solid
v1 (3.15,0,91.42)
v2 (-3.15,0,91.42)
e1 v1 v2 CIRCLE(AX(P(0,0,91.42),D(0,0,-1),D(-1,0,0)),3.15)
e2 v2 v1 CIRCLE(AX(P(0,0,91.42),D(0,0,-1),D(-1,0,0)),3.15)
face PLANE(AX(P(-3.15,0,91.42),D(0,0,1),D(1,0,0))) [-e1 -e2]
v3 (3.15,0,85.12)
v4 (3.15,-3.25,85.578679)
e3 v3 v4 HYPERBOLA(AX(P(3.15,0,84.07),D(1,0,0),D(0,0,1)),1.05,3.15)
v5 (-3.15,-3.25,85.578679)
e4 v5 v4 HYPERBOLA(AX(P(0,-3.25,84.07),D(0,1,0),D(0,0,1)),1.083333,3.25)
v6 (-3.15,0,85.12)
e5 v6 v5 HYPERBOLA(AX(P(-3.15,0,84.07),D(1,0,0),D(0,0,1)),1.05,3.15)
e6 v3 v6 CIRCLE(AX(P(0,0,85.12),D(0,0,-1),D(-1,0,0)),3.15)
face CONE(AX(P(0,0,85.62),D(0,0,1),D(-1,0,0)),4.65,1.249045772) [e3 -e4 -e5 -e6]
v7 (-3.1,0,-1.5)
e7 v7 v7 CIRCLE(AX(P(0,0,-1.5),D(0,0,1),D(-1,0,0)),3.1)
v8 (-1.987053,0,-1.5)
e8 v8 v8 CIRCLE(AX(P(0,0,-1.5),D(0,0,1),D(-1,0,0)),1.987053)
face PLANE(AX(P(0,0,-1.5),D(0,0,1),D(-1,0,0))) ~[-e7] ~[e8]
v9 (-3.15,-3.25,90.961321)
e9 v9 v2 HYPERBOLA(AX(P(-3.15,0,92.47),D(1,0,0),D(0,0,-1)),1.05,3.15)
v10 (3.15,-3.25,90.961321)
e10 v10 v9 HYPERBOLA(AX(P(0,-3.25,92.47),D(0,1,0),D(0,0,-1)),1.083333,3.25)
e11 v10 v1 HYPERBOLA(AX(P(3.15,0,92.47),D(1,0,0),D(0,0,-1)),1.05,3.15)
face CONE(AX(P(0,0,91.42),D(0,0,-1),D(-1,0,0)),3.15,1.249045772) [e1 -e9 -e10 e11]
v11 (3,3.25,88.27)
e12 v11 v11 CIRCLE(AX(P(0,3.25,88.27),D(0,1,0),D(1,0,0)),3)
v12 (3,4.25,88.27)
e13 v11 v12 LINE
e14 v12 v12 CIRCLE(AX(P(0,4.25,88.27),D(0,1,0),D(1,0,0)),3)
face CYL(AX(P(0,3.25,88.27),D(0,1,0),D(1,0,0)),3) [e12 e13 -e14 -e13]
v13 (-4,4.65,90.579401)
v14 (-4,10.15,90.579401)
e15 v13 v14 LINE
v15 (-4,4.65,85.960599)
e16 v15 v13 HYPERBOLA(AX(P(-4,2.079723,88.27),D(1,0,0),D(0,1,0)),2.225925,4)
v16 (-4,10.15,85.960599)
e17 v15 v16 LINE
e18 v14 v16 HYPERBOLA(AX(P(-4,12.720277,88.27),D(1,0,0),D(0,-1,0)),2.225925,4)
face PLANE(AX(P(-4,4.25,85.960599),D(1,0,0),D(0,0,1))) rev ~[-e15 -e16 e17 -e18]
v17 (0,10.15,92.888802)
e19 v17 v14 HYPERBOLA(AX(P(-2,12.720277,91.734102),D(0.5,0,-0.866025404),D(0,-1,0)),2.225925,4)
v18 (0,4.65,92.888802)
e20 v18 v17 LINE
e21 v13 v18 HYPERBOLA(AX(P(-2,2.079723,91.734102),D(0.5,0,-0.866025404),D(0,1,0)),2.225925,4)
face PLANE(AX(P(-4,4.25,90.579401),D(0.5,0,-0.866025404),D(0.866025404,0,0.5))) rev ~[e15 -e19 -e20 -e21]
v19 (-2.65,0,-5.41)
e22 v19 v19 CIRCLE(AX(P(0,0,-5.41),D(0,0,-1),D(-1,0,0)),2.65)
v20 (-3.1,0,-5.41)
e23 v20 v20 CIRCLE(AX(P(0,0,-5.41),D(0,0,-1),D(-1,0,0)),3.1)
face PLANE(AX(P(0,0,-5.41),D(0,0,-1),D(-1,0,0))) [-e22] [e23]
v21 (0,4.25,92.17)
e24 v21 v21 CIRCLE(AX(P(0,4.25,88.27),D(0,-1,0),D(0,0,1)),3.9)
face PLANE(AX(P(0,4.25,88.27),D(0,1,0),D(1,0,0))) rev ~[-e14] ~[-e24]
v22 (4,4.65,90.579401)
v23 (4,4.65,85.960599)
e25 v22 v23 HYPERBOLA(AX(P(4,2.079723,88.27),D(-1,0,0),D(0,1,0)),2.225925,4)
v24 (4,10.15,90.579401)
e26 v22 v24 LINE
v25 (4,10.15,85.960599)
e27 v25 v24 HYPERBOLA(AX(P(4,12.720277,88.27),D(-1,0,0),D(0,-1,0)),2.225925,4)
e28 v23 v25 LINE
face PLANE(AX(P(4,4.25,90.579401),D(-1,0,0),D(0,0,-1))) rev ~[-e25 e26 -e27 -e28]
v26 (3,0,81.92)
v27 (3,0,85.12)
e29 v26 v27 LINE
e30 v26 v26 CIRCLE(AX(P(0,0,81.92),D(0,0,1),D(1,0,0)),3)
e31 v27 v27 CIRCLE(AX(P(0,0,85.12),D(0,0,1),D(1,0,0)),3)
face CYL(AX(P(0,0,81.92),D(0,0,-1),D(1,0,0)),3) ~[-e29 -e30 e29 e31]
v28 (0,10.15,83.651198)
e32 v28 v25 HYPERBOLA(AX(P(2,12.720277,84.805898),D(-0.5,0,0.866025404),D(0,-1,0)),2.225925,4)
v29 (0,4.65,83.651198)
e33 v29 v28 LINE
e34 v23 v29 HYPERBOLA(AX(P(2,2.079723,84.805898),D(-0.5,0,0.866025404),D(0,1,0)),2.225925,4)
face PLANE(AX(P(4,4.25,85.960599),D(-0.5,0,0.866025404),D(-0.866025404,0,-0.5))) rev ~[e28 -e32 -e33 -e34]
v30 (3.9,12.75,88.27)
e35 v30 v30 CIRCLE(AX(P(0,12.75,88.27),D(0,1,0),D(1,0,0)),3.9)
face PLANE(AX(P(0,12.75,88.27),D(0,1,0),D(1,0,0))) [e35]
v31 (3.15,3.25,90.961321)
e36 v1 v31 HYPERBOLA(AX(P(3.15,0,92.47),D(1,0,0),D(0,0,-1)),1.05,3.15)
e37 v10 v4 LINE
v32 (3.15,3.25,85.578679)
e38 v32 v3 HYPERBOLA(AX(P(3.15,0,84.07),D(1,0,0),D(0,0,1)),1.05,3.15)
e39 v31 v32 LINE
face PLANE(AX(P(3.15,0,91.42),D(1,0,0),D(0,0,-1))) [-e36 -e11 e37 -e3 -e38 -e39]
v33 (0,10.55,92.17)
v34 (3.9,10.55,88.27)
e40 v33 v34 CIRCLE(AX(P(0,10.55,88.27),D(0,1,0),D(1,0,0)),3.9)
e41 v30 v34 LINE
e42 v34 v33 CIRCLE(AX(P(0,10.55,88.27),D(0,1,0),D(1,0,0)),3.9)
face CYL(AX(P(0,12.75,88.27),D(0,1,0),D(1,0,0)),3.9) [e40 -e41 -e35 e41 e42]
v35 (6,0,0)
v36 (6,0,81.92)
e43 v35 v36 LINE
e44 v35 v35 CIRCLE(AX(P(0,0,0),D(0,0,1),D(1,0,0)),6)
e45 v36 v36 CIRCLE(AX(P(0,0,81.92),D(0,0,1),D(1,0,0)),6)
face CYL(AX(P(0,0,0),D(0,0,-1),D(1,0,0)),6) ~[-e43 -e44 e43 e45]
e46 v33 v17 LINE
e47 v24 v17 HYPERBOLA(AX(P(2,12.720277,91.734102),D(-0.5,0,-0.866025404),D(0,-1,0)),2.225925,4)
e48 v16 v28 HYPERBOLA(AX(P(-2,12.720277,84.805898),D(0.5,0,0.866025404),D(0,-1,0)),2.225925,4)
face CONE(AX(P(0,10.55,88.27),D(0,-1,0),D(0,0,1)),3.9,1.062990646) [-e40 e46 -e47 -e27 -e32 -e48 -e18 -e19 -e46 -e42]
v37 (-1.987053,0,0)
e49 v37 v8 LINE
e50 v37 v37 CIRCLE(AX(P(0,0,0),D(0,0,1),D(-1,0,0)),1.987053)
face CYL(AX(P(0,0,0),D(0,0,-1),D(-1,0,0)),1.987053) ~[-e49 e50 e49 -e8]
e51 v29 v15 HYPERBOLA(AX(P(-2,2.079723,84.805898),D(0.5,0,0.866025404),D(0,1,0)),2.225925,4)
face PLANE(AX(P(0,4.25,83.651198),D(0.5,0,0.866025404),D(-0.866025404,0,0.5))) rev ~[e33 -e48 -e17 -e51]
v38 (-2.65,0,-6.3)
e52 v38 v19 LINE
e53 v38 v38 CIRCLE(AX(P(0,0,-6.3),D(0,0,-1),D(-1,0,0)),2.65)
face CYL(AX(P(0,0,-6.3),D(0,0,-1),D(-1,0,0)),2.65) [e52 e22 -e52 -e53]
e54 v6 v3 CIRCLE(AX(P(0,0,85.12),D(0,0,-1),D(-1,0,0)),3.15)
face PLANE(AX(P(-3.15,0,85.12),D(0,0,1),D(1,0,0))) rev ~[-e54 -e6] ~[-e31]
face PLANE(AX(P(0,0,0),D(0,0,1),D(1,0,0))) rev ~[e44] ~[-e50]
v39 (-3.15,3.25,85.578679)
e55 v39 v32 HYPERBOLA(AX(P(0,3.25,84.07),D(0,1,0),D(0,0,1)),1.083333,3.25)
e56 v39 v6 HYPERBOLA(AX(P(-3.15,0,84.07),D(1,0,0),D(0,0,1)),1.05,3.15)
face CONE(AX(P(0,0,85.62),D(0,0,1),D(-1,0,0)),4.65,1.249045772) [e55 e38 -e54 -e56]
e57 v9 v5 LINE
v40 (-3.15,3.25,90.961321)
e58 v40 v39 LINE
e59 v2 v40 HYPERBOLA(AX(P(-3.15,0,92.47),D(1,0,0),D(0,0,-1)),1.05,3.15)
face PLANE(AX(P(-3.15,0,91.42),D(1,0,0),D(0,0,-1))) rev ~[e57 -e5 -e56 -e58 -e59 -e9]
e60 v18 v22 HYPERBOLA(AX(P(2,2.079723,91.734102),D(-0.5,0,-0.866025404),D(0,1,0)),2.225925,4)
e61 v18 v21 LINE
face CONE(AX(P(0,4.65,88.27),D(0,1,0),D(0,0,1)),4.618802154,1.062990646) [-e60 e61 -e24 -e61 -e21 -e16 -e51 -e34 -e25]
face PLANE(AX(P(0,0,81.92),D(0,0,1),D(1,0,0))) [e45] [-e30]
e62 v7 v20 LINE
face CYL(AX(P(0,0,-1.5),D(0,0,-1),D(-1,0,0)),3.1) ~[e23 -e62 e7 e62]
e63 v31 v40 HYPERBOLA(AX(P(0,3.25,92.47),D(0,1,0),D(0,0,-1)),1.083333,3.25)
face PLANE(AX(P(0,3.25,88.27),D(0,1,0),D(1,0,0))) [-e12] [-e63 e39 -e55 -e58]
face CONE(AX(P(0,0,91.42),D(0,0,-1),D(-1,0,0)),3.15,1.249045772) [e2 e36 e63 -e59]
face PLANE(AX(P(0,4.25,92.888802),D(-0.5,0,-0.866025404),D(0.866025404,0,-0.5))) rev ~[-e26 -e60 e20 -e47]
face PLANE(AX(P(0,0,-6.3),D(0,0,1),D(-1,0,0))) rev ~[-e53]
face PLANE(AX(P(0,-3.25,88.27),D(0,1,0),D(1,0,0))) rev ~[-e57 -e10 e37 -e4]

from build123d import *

# Parameters (mm, degrees)
SKETCH1_R           = 6
BOSS_EXTRUDE1_DEPTH = 81.92
SKETCH3_R           = 3
BOSS_EXTRUDE2_DEPTH = 3.2
SKETCH4_W           = 6.3
SKETCH4_H           = 6.3
BOSS_EXTRUDE3_DEPTH = 3.25
SKETCH10_R          = 3
BOSS_EXTRUDE6_DEPTH = 1
BOSS_EXTRUDE7_DEPTH = 8.5
SKETCH12_R          = 5.645731703
SKETCH12_R_2        = 3.9
CUT_EXTRUDE2_DEPTH  = 2.2
SKETCH14_R          = 3.959834879
SKETCH14_R_2        = 2.65
CUT_EXTRUDE3_DEPTH  = 0.89


with BuildPart() as part:
    # Sketch1 → Boss-Extrude1 (new body)
    with BuildSketch(Plane.XY):
        Circle(SKETCH1_R)
    extrude(amount=BOSS_EXTRUDE1_DEPTH)

    # Sketch2 → Revolve1 (revolve)
    with BuildSketch(Plane(origin=(0, 0, 0), x_dir=(1, 0, 0), z_dir=(0, 1, 0))):
        Polygon((-1.987053294, 0), (-1.987053294, 1.5), (-3.1, 1.5), (-3.1, 6.3), (0, 6.3), (0, 0), align=None)
    revolve(axis=Axis((0, 0, 88.862708705), (0, 0, 1)))

    # Sketch3 → Boss-Extrude2 (add)
    with BuildSketch(Plane.XY.offset(81.92)):
        Circle(SKETCH3_R)
    extrude(amount=BOSS_EXTRUDE2_DEPTH)

    # Sketch4 → Boss-Extrude3 (add, symmetric)
    with BuildSketch(Plane(origin=(0, 0, 0), x_dir=(1, 0, 0), z_dir=(0, 1, 0))):
        with Locations((0, -88.27)):
            Rectangle(SKETCH4_W, SKETCH4_H)
    extrude(amount=BOSS_EXTRUDE3_DEPTH, both=True)

    # Sketch9 → Cut-Revolve3 (revolve, cut)
    with BuildSketch(Plane(origin=(0, 0, 0), x_dir=(1, 0, 0), z_dir=(0, 1, 0))):
        Polygon((-3.15, -91.42), (-4.65, -90.92), (-4.65, -91.42), align=None)
        Polygon((-3.15, -85.12), (-4.65, -85.12), (-4.65, -85.62), align=None)
    revolve(axis=Axis((0, 0, 97.04036036), (0, 0, -1)), mode=Mode.SUBTRACT)

    # Sketch10 → Boss-Extrude6 (add, symmetric)
    with BuildSketch(Plane(origin=(0, 3.25, 0), x_dir=(1, 0, 0), z_dir=(0, 1, 0))):
        with Locations((0, -88.27)):
            Circle(SKETCH10_R)
    extrude(amount=BOSS_EXTRUDE6_DEPTH, both=True)

    # Sketch11 → Boss-Extrude7 (add)
    with BuildSketch(Plane(origin=(0, 4.25, 0), x_dir=(1, 0, 0), z_dir=(0, 1, 0))):
        Polygon((0, -83.651197846), (-4, -85.960598923), (-4, -90.579401077), (0, -92.888802154), (4, -90.579401077), (4, -85.960598923), align=None)
    extrude(amount=BOSS_EXTRUDE7_DEPTH)

    # Sketch12 → Cut-Extrude2 (cut)
    with BuildSketch(Plane(origin=(0, 12.75, 0), x_dir=(1, 0, 0), z_dir=(0, 1, 0))):
        with Locations((0, -88.27)):
            Circle(SKETCH12_R)
        with Locations((0, -88.27)):
            Circle(SKETCH12_R_2, mode=Mode.SUBTRACT)
    extrude(amount=-CUT_EXTRUDE2_DEPTH, mode=Mode.SUBTRACT)

    # Sketch13 → Cut-Revolve4 (revolve, cut)
    with BuildSketch(Plane(origin=(0, 0, 0), x_dir=(0, 0, -1), z_dir=(1, 0, 0))):
        Polygon((-92.17, 10.55), (-92.888802154, 10.15), (-92.888802154, 10.55), align=None)
        Polygon((-92.888802154, 4.65), (-92.17, 4.25), (-92.888802154, 4.25), align=None)
    revolve(axis=Axis((0, 13.752185795, 88.27), (0, -1, 0)), mode=Mode.SUBTRACT)

    # Sketch14 → Cut-Extrude3 (cut)
    with BuildSketch(Plane(origin=(0, 0, -6.3), x_dir=(-1, 0, 0), z_dir=(0, 0, -1))):
        Circle(SKETCH14_R)
        Circle(SKETCH14_R_2, mode=Mode.SUBTRACT)
    extrude(amount=-CUT_EXTRUDE3_DEPTH, mode=Mode.SUBTRACT)


solid = part.part
